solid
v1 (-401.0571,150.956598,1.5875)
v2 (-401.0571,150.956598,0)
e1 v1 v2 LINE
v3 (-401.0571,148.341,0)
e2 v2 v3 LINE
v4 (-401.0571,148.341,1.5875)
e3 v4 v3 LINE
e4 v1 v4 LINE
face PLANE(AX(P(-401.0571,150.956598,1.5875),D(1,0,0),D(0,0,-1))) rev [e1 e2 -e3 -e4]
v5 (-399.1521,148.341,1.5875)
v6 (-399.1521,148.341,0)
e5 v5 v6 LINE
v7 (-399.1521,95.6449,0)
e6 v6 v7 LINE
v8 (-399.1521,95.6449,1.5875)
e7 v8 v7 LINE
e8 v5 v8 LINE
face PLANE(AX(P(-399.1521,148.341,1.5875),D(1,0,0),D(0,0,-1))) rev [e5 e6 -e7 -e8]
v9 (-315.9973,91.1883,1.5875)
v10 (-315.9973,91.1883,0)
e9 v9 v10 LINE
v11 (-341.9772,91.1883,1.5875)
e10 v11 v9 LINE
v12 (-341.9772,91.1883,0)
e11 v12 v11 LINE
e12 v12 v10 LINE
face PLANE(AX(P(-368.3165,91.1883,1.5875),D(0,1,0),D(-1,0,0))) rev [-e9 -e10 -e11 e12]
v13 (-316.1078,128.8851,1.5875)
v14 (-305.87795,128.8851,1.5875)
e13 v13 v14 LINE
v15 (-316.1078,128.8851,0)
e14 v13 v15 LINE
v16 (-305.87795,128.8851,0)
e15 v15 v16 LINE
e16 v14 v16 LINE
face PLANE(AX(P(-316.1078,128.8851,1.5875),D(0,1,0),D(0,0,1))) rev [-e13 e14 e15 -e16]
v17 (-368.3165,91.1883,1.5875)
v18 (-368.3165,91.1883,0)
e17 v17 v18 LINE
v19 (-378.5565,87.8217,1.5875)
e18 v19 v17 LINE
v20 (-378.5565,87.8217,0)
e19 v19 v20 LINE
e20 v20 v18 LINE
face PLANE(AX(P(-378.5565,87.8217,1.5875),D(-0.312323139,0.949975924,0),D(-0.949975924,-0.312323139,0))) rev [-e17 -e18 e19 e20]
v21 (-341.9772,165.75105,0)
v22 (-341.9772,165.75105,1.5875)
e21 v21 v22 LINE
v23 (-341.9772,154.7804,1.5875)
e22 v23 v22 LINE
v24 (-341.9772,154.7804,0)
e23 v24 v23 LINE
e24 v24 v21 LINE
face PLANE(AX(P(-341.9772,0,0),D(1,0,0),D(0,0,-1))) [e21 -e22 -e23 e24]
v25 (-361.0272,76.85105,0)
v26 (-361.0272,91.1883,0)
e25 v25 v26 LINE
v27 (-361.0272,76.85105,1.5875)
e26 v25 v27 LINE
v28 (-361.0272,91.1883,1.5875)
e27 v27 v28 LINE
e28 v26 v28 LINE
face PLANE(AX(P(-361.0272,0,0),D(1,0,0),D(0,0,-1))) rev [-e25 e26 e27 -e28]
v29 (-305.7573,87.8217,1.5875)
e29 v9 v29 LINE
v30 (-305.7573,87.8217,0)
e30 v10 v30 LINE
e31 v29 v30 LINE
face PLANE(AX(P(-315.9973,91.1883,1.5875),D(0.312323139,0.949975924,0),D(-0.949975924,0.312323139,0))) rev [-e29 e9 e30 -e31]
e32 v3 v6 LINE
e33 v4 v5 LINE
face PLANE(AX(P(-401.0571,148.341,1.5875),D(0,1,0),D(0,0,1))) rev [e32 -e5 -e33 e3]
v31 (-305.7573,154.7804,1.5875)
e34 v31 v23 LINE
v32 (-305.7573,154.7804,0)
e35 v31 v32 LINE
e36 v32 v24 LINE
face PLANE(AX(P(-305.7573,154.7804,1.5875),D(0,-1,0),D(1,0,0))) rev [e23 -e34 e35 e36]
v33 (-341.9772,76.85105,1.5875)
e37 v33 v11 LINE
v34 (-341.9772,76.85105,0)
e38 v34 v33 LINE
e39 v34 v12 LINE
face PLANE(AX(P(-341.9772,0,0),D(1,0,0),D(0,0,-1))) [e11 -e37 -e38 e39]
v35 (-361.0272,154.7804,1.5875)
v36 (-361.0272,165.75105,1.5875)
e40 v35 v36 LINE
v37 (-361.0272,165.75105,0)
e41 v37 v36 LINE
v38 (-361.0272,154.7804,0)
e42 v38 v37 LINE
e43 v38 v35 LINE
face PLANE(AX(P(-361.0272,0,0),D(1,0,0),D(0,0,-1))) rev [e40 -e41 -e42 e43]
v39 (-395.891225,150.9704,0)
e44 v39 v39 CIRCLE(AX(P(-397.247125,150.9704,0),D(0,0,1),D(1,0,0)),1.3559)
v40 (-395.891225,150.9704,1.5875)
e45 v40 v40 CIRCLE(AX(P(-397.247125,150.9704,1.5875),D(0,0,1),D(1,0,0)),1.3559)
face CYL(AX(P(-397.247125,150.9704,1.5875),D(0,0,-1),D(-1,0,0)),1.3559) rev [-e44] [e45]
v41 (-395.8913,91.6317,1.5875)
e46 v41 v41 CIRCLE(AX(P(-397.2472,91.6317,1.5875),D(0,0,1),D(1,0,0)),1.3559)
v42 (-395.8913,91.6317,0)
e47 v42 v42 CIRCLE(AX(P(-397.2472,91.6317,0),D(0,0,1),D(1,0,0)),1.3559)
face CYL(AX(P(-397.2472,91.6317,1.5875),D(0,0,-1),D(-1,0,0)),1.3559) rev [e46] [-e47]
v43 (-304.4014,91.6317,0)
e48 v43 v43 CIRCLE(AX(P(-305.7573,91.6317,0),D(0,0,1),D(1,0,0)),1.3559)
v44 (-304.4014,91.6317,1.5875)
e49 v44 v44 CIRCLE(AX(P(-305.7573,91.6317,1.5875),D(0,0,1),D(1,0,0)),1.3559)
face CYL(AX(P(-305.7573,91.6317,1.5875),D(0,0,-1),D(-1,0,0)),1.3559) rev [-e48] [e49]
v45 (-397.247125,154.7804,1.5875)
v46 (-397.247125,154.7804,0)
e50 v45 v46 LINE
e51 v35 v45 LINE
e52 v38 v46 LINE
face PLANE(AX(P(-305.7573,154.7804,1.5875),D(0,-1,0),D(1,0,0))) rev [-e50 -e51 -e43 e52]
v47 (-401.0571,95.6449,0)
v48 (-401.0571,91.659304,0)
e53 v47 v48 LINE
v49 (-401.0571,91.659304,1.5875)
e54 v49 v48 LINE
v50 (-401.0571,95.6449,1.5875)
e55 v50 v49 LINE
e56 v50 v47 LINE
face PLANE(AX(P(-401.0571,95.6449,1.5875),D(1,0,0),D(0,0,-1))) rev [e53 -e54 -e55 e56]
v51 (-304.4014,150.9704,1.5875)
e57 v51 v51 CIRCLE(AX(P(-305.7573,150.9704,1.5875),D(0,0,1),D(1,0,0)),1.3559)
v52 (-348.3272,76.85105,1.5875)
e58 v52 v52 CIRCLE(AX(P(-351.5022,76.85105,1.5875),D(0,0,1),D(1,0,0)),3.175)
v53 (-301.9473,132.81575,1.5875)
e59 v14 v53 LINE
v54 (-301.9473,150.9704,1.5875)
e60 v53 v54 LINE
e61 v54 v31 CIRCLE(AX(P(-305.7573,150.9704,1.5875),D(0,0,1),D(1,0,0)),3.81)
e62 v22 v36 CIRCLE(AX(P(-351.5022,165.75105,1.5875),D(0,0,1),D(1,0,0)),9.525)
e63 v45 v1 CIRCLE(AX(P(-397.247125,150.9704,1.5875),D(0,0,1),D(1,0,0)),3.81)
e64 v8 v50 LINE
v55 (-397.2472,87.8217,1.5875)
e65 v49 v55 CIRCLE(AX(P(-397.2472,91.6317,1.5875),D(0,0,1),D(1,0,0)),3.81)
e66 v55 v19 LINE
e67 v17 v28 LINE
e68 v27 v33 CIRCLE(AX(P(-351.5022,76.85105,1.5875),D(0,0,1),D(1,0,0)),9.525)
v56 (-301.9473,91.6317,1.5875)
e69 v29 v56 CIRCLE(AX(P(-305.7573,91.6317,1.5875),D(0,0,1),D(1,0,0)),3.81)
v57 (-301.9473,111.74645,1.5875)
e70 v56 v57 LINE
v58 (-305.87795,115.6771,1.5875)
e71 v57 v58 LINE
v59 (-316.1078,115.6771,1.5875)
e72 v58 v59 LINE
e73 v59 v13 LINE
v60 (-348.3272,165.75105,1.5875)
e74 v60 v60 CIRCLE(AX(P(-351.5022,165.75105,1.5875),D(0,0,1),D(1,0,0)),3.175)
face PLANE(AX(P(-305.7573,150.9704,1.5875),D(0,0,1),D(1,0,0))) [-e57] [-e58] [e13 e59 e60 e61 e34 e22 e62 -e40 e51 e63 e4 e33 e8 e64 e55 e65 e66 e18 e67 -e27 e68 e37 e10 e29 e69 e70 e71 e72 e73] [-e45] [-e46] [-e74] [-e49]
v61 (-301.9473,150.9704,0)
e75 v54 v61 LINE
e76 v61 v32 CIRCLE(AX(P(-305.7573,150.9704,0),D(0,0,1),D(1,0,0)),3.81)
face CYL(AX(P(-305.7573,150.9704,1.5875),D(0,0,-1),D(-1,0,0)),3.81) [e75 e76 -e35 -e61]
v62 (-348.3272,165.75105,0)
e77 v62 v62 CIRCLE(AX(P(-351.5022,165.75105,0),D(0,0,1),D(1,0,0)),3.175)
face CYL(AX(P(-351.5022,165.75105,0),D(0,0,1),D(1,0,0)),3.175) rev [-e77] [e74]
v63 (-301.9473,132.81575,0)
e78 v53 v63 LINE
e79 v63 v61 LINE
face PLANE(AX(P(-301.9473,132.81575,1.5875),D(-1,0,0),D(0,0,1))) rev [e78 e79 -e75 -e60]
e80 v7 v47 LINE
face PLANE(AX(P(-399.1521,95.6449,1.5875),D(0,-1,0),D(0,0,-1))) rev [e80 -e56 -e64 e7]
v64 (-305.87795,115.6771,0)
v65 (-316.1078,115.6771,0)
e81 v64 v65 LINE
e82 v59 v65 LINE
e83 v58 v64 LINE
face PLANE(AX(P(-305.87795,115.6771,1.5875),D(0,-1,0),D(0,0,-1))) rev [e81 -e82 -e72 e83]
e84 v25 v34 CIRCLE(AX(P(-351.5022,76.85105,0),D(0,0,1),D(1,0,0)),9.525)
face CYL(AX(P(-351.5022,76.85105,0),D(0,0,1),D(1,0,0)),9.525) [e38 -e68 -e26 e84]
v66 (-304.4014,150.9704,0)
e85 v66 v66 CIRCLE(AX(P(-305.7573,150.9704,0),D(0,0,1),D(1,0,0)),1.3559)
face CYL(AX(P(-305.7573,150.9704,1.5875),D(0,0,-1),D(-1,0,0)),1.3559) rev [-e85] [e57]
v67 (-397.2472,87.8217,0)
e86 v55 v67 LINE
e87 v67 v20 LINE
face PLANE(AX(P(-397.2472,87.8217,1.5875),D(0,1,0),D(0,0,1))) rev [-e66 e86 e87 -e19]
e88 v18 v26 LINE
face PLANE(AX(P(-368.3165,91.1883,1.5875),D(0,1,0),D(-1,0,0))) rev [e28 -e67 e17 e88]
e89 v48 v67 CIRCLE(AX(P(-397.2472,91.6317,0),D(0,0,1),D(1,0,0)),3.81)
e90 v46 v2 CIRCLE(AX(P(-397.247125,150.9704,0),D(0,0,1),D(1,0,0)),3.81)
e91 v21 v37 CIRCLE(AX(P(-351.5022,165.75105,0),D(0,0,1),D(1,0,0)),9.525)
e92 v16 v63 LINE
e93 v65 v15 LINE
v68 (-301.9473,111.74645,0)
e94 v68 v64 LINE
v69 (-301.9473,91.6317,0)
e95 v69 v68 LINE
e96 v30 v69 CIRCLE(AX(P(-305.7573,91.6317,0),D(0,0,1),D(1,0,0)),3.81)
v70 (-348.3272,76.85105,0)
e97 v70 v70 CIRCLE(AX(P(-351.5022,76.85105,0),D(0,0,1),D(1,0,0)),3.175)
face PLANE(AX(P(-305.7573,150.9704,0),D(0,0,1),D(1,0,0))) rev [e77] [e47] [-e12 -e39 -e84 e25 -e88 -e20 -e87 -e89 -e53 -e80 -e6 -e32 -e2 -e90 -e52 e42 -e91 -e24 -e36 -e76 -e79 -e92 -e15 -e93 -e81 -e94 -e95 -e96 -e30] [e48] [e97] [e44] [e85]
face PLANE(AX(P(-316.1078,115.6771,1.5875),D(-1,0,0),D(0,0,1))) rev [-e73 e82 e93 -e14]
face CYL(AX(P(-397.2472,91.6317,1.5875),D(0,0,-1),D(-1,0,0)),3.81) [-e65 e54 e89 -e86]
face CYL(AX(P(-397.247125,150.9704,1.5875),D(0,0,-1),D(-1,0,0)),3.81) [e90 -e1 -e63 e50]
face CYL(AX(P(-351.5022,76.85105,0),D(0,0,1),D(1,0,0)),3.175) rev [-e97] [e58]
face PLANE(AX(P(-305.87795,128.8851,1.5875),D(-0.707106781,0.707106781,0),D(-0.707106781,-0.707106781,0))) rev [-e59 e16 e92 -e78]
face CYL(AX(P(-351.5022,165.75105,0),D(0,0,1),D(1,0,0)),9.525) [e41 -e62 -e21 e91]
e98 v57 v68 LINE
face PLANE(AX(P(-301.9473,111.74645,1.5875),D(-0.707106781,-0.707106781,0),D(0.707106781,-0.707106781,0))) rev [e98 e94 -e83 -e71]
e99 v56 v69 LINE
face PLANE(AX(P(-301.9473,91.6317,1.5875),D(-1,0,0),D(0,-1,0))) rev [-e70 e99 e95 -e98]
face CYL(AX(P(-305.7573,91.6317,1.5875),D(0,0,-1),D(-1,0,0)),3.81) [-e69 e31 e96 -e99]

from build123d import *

# Parameters (mm, degrees)
SKETCH1_R           = 1.355900406
BOSS_EXTRUDE1_DEPTH = 1.5875
SKETCH2_R           = 3.175
BOSS_EXTRUDE2_DEPTH = 1.5875


with BuildPart() as part:
    # Sketch1 → Boss-Extrude1 (new body)
    with BuildSketch(Plane.XY):
        with BuildLine():
            Line((-301.9473, 111.74645), (-305.87795, 115.6771))
            Line((-305.87795, 115.6771), (-316.1078, 115.6771))
            Line((-316.1078, 115.6771), (-316.1078, 128.8851))
            Line((-316.1078, 128.8851), (-305.87795, 128.8851))
            Line((-305.87795, 128.8851), (-301.9473, 132.81575))
            Line((-301.9473, 132.81575), (-301.9473, 150.9704))
            ThreePointArc((-301.9473, 150.9704), (-303.063223164, 153.664476836), (-305.7573, 154.7804))
            Line((-305.7573, 154.7804), (-397.247125, 154.7804))
            ThreePointArc((-397.247125, 154.7804), (-399.946077222, 153.659592612), (-401.0571, 150.956597849))
            Line((-401.0571, 150.956597849), (-401.0571, 148.341))
            Line((-401.0571, 148.341), (-399.1521, 148.341))
            Line((-399.1521, 148.341), (-399.1521, 95.6449))
            Line((-399.1521, 95.6449), (-401.0571, 95.6449))
            Line((-401.0571, 95.6449), (-401.0571, 91.659304166))
            ThreePointArc((-401.0571, 91.659304166), (-399.951018769, 88.947400452), (-397.2472, 87.8217))
            Line((-397.2472, 87.8217), (-378.5565, 87.8217))
            Line((-378.5565, 87.8217), (-368.3165, 91.1883))
            Line((-368.3165, 91.1883), (-315.9973, 91.1883))
            Line((-315.9973, 91.1883), (-305.7573, 87.8217))
            ThreePointArc((-305.7573, 87.8217), (-303.063223164, 88.937623164), (-301.9473, 91.6317))
            Line((-301.9473, 91.6317), (-301.9473, 111.74645))
        make_face()
        with Locations((-305.7573, 91.6317)):
            Circle(SKETCH1_R, mode=Mode.SUBTRACT)
        with Locations((-305.7573, 150.9704)):
            Circle(SKETCH1_R, mode=Mode.SUBTRACT)
        with Locations((-397.247125, 150.9704)):
            Circle(SKETCH1_R, mode=Mode.SUBTRACT)
        with Locations((-397.2472, 91.6317)):
            Circle(SKETCH1_R, mode=Mode.SUBTRACT)
    extrude(amount=BOSS_EXTRUDE1_DEPTH)

    # Sketch2 → Boss-Extrude2 (add)
    # profile 1 of 2: a face of its own
    with BuildSketch(Plane.XY.offset(1.5875)):
        with BuildLine():
            Line((-361.0272, 165.75105), (-361.0272, 154.7804))
            Line((-361.0272, 154.7804), (-341.9772, 154.7804))
            Line((-341.9772, 154.7804), (-341.9772, 165.75105))
            ThreePointArc((-341.9772, 165.75105), (-351.5022, 175.27605), (-361.0272, 165.75105))
        make_face()
        with Locations((-351.5022, 165.75105)):
            Circle(SKETCH2_R, mode=Mode.SUBTRACT)
    # profile 2 of 2: a face of its own
    with BuildSketch(Plane.XY.offset(1.5875)):
        with BuildLine():
            Line((-341.9772, 91.1883), (-361.0272, 91.1883))
            Line((-361.0272, 91.1883), (-361.0272, 76.85105))
            ThreePointArc((-361.0272, 76.85105), (-351.5022, 67.32605), (-341.9772, 76.85105))
            Line((-341.9772, 76.85105), (-341.9772, 91.1883))
        make_face()
        with Locations((-351.5022, 76.85105)):
            Circle(SKETCH2_R, mode=Mode.SUBTRACT)
    extrude(amount=-BOSS_EXTRUDE2_DEPTH)


solid = part.part
